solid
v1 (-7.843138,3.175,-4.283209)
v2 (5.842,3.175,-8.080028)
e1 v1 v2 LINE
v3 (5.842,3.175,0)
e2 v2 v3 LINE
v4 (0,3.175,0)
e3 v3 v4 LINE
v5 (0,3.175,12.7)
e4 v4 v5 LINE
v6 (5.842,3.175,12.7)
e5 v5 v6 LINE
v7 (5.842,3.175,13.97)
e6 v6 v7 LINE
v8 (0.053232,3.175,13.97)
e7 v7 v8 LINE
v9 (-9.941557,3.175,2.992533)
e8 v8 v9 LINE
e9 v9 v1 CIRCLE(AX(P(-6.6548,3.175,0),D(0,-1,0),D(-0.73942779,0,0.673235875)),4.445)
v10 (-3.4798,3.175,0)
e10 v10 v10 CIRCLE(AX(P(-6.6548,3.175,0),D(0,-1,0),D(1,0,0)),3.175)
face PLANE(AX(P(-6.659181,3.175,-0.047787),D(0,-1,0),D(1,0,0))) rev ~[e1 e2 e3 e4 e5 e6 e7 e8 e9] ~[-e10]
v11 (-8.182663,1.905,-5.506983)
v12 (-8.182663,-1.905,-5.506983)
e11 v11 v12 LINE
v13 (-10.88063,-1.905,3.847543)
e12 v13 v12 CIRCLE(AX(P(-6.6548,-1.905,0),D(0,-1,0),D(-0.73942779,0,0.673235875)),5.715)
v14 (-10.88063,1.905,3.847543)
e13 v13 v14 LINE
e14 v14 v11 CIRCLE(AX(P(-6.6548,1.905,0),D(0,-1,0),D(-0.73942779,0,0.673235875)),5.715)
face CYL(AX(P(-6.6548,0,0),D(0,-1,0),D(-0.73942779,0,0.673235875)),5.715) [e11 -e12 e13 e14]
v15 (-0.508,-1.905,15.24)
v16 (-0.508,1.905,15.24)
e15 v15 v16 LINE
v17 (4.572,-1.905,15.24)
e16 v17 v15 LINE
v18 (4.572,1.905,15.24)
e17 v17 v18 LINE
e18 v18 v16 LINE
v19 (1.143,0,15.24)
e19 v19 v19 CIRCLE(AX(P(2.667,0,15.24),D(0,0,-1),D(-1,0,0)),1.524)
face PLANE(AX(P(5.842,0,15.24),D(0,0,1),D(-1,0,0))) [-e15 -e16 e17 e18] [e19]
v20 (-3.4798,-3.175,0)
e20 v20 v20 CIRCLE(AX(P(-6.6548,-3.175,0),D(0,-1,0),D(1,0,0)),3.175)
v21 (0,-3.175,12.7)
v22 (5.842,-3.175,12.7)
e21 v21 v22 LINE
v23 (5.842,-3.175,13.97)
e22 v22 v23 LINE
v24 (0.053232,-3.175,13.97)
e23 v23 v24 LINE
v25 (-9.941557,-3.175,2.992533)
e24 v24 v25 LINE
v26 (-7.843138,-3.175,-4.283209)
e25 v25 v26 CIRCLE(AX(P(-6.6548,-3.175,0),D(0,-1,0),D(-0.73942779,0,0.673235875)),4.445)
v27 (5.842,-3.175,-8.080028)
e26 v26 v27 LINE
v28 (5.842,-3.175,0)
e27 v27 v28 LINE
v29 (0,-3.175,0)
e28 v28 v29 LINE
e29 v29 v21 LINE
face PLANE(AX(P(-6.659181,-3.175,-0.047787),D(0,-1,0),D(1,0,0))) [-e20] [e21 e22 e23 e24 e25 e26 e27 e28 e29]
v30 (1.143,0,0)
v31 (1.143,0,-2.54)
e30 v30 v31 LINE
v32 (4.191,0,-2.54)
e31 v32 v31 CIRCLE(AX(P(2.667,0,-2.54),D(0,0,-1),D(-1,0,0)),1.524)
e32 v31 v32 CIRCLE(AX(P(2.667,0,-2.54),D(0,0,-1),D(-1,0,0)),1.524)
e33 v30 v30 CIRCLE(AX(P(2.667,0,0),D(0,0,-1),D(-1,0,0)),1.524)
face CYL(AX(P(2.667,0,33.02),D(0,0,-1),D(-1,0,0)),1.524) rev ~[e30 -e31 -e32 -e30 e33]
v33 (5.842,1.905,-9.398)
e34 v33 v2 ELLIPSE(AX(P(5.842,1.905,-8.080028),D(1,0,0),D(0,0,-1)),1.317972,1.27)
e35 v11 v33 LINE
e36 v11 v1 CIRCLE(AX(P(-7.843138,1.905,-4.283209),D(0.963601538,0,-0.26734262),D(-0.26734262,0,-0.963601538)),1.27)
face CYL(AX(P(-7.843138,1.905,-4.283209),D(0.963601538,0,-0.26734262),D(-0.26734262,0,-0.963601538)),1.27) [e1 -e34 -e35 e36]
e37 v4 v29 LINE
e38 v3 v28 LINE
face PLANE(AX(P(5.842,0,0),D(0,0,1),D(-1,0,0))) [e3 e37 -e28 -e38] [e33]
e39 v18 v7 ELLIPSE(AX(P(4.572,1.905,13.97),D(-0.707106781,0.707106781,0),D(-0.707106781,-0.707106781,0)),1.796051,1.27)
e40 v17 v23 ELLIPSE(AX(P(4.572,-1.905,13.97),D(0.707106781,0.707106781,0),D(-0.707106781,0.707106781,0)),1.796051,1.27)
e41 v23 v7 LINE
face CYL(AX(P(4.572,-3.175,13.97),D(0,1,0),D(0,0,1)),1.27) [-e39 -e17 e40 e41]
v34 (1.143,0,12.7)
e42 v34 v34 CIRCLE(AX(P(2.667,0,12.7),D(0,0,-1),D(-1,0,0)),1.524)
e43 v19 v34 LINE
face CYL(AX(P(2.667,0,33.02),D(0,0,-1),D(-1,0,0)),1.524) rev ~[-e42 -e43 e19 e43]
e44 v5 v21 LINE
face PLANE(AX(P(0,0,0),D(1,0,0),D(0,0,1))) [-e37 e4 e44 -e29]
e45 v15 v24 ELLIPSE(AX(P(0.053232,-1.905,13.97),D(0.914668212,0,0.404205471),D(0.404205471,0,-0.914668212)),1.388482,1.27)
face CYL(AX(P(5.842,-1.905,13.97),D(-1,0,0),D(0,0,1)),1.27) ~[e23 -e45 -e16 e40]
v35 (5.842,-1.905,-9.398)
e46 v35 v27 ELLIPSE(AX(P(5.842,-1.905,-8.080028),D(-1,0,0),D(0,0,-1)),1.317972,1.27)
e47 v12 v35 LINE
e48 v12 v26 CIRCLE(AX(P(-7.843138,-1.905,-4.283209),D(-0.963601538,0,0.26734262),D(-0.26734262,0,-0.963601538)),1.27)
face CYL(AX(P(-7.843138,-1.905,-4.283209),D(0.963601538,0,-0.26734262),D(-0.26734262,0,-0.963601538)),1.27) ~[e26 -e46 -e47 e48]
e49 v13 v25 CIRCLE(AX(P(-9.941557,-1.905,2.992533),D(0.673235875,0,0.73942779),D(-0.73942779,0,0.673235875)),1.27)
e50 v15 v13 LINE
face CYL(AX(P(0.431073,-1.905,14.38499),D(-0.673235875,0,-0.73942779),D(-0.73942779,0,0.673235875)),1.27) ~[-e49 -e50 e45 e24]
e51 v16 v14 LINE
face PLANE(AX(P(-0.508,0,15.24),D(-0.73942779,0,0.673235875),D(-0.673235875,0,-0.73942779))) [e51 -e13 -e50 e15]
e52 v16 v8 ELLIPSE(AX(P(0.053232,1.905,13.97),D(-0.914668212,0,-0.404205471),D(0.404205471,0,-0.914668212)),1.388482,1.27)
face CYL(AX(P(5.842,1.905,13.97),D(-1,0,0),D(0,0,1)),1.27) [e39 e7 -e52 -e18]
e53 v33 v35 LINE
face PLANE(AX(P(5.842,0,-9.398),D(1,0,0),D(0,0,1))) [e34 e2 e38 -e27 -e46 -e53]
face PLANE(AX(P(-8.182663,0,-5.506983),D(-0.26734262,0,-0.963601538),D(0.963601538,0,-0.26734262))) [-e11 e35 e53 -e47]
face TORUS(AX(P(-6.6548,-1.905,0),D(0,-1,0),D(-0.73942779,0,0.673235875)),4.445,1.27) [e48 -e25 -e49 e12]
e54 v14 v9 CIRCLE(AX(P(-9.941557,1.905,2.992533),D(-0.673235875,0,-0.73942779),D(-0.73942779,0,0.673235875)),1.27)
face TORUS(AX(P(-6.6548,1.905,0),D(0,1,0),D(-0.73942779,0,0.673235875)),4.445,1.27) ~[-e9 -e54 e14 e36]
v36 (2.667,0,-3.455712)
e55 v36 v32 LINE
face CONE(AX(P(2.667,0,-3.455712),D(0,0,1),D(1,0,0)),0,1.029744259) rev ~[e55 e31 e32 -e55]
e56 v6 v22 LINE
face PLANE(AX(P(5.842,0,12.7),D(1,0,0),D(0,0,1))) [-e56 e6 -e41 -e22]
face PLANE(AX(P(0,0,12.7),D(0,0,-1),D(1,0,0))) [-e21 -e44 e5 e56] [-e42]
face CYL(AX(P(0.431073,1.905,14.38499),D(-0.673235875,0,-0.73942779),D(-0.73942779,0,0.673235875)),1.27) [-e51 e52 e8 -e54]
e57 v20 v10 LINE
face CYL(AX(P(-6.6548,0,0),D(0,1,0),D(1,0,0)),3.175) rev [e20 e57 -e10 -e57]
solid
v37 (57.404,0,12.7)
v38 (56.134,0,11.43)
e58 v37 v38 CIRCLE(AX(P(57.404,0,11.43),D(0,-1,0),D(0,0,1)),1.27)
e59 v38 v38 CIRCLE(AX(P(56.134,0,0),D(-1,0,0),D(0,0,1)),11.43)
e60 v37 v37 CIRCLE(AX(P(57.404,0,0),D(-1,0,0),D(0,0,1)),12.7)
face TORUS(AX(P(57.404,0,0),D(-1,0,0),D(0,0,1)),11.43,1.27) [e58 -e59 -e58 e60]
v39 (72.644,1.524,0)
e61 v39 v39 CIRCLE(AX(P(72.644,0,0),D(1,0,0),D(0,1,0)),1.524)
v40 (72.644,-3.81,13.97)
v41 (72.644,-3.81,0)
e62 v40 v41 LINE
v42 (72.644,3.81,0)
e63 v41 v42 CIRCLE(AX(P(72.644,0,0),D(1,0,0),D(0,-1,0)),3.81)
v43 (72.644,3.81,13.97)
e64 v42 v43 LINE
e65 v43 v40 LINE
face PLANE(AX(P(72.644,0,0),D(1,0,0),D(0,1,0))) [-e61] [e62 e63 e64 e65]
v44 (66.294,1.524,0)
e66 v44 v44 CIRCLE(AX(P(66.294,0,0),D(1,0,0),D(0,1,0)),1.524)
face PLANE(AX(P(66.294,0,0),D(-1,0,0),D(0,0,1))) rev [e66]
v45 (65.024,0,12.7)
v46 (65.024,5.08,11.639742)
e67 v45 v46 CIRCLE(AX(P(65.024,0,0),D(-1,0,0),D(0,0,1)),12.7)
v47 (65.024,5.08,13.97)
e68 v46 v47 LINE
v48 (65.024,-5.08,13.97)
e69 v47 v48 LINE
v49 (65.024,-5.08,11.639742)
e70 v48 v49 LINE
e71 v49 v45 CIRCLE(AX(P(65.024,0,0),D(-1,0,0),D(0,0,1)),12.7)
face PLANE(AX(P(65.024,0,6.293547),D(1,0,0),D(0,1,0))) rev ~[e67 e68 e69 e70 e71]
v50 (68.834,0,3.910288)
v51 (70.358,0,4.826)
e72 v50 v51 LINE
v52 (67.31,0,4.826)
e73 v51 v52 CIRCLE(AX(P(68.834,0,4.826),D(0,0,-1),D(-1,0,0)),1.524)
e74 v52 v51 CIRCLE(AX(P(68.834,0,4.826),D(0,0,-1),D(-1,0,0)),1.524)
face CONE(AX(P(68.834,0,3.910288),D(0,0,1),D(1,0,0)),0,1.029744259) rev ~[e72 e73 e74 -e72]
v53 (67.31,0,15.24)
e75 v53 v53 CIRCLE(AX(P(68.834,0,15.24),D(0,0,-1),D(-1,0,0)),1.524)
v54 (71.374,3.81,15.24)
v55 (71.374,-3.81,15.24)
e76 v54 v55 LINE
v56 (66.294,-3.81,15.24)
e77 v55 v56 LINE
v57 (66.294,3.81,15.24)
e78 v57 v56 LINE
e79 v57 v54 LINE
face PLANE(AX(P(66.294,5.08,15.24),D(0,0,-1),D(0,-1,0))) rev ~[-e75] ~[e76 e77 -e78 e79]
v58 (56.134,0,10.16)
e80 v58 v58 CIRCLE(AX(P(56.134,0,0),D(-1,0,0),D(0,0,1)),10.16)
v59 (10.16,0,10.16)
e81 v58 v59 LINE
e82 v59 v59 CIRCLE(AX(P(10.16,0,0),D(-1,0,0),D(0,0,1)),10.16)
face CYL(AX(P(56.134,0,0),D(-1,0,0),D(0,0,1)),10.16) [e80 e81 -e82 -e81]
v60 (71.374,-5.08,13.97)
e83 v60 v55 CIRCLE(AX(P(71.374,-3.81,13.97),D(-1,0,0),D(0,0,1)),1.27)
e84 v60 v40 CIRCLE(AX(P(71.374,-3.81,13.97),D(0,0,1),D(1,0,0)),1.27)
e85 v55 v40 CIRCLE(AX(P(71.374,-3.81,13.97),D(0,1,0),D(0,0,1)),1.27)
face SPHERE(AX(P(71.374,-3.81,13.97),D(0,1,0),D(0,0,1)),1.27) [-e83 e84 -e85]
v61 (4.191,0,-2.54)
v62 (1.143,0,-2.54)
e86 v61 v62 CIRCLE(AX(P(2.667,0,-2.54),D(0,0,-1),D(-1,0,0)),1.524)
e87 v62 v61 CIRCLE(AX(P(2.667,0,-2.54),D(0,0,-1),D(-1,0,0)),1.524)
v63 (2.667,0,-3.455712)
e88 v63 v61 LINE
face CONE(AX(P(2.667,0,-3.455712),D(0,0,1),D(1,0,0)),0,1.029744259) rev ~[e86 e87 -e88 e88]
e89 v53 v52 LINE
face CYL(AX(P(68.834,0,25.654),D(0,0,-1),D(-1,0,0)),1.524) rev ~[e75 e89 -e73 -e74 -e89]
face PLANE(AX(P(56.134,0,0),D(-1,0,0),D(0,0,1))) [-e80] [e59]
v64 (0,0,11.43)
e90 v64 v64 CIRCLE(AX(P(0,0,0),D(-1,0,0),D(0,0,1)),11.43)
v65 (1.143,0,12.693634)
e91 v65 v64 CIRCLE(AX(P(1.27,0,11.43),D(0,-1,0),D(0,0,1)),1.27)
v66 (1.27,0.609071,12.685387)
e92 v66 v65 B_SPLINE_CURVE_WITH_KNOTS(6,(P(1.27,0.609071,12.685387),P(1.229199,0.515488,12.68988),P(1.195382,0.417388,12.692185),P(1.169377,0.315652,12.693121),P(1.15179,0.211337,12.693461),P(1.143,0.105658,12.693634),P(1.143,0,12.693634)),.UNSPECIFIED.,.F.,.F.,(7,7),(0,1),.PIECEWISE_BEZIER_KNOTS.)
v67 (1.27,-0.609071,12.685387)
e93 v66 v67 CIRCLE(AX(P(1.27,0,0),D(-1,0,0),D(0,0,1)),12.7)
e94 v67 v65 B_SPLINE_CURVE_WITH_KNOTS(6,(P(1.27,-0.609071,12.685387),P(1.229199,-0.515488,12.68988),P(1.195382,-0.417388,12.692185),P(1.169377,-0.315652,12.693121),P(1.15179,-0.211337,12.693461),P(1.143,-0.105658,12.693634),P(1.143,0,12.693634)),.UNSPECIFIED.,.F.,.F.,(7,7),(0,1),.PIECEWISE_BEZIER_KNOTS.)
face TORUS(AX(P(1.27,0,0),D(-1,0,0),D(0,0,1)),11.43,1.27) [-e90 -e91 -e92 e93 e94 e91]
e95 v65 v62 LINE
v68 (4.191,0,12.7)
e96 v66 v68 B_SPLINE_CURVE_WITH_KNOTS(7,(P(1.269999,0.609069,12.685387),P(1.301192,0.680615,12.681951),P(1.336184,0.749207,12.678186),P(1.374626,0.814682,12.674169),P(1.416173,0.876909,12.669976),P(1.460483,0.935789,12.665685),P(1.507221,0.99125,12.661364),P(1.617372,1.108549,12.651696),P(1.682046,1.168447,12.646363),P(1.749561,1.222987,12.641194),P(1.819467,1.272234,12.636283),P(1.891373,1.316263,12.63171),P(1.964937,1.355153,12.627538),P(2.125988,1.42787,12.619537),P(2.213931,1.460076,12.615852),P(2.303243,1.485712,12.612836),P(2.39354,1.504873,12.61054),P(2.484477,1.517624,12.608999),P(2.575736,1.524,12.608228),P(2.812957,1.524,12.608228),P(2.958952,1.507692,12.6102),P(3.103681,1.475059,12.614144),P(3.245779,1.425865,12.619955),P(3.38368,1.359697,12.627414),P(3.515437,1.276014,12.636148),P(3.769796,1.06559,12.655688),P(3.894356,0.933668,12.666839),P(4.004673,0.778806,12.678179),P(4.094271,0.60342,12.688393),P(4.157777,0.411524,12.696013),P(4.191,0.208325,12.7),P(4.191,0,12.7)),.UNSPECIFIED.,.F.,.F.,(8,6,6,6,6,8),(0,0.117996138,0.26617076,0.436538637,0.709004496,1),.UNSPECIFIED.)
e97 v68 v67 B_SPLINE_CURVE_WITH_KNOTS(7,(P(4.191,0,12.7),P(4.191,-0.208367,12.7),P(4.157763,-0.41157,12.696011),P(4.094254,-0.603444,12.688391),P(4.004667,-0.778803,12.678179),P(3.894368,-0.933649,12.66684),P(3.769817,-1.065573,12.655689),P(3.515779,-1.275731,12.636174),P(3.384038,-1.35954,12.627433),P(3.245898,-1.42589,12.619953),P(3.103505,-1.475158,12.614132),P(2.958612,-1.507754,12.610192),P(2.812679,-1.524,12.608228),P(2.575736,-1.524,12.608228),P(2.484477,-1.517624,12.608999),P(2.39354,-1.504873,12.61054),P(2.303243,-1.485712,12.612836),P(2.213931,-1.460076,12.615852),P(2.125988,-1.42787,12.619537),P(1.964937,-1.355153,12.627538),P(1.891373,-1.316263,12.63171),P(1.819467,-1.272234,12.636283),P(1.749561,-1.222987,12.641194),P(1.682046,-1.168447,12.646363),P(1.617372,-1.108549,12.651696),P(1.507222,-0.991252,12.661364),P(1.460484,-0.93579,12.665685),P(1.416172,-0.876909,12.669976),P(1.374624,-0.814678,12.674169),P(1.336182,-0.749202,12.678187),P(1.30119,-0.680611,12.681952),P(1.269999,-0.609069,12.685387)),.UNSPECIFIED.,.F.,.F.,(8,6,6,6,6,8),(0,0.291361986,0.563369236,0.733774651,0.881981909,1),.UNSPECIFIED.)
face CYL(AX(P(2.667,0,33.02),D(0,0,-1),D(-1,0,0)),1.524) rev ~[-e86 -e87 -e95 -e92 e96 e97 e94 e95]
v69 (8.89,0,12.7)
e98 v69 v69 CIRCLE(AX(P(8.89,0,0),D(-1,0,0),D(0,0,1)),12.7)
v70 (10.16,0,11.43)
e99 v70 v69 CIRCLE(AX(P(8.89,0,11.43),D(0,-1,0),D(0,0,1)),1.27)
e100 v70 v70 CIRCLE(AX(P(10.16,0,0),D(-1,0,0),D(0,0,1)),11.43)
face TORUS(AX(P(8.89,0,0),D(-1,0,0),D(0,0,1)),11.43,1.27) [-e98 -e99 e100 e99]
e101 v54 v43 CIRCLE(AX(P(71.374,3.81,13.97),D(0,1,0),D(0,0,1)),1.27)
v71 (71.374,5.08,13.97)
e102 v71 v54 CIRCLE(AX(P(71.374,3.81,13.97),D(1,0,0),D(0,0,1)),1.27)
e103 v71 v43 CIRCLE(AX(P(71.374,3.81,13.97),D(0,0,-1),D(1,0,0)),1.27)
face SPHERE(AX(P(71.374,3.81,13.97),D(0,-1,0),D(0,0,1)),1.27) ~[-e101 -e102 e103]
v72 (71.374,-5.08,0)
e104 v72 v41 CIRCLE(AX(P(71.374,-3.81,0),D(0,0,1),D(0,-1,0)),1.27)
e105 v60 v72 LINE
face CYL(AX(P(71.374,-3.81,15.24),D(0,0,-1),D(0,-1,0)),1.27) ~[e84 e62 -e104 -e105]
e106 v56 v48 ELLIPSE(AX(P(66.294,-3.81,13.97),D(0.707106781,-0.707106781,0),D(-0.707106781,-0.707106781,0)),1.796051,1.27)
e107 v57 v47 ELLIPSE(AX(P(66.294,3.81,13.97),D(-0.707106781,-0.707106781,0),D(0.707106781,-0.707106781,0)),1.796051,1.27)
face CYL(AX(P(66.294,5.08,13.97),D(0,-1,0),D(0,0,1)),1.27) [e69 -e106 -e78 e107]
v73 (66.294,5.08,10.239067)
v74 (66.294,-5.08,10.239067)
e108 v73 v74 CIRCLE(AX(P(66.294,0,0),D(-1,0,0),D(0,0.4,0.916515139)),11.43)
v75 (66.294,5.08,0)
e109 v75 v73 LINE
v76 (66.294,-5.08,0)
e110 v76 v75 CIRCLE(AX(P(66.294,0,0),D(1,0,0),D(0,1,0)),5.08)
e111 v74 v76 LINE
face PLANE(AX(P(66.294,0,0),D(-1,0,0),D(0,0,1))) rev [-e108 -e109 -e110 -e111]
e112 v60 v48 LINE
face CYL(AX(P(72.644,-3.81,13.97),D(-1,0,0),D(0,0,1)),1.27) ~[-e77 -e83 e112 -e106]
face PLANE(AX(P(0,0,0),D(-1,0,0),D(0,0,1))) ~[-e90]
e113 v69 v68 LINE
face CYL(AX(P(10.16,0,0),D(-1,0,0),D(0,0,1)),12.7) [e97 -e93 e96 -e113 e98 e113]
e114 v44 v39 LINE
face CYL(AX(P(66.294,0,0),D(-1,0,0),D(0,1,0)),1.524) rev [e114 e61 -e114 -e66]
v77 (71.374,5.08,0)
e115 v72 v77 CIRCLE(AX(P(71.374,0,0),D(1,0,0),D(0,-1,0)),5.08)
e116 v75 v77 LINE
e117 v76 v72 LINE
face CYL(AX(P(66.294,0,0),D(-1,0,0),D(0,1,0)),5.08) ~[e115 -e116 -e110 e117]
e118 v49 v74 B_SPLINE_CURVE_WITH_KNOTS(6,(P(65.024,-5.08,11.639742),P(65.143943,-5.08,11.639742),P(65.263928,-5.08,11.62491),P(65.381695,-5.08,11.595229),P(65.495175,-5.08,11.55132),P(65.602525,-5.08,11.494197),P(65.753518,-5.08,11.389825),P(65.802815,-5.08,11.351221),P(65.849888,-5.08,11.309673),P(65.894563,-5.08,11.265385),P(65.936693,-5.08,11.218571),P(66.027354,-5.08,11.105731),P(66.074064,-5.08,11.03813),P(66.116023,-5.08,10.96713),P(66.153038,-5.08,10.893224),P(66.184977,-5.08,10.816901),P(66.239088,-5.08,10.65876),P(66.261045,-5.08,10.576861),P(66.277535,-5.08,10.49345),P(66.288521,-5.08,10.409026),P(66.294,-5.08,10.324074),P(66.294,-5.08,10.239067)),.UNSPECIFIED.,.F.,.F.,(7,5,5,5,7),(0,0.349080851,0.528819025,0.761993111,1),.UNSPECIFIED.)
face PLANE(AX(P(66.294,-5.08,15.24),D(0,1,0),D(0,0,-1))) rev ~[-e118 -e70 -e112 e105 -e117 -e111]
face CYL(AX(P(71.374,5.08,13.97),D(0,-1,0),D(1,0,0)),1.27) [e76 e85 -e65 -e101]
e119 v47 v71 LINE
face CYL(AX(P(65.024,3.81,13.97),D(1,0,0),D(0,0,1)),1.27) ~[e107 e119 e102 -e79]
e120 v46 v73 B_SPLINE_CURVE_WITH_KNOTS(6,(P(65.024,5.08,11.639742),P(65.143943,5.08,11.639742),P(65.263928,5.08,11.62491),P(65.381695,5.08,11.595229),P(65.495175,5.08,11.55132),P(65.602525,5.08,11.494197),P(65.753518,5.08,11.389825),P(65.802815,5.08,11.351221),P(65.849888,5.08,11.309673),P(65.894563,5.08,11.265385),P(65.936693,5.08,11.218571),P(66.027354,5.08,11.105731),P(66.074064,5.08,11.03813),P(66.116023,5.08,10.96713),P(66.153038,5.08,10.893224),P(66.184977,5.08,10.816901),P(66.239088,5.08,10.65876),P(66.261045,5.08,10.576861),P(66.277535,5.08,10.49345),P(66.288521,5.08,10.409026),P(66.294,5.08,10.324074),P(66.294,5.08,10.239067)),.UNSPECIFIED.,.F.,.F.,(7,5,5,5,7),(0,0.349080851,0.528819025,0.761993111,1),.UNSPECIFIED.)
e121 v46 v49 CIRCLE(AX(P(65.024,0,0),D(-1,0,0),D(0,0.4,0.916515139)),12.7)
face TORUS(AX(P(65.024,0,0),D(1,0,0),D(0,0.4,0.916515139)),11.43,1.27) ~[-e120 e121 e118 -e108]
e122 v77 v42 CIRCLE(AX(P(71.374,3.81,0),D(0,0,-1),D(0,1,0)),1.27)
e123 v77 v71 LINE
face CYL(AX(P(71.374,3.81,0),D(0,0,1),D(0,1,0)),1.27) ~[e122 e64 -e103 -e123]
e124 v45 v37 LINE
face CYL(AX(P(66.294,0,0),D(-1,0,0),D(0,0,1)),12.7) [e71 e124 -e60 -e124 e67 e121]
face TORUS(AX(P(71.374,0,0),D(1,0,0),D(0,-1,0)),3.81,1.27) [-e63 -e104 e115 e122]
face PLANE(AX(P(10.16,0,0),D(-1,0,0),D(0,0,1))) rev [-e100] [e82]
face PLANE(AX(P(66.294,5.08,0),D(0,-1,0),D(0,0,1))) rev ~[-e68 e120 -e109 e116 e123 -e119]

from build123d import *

# Parameters (mm, degrees)
F0_W       = 5.842
F0_H       = 12.7
F0_R       = 3.175
F2_DEPTH   = 3.175
F3_R       = 1.524
F4_DEPTH   = 1.27
F5_DEPTH   = 6.35
F6_R       = 1.27
F6_2_R     = 1.27
F9_D       = 3.048
F9_DEPTH   = 17.78
F9_TIP     = 0.9157115834
F9_2_D     = 3.048
F9_2_DEPTH = 17.78
F9_2_TIP   = 0.9157115834
F10_D      = 3.048
F10_DEPTH  = 10.414
F10_TIP    = 0.9157115834


with BuildPart() as f1:
    # F0 (on Front) → F1 (revolve)
    with BuildSketch(Plane.XZ):
        Polygon((5.842, 12.7), (5.842, 0), (66.294, 0), (66.294, 12.7), (56.134, 12.7), (56.134, 10.16), (10.16, 10.16), (10.16, 12.7), align=None)
        with Locations((2.921, 6.35)):
            Rectangle(F0_W, F0_H)
    revolve(axis=Axis((33.147, 0, 0), (-1, 0, 0)))

    # F3 (on face) → F4 (join)
    with BuildSketch(Plane.YZ.offset(66.294)):
        with BuildLine():
            ThreePointArc((-5.08, 0), (0, 5.08), (5.08, 0))
            Line((5.08, 0), (5.08, 11.6397422652))
            ThreePointArc((5.08, 11.6397422652), (0, 12.7), (-5.08, 11.6397422652))
            Line((-5.08, 11.6397422652), (-5.08, 0))
        make_face()
        with BuildLine():
            ThreePointArc((-5.08, 11.6397422652), (0, 12.7), (5.08, 11.6397422652))
            Line((5.08, 11.6397422652), (5.08, 15.24))
            Line((5.08, 15.24), (-5.08, 15.24))
            Line((-5.08, 15.24), (-5.08, 11.6397422652))
        make_face()
        with BuildLine():
            ThreePointArc((-5.08, 0), (0, -5.08), (5.08, 0))
            ThreePointArc((5.08, 0), (0, 5.08), (-5.08, 0))
        make_face()
        Circle(F3_R, mode=Mode.SUBTRACT)
    extrude(amount=-F4_DEPTH)

    # F3 (on face) → F5 (join)
    with BuildSketch(Plane.YZ.offset(66.294)):
        with BuildLine():
            ThreePointArc((-5.08, 0), (0, -5.08), (5.08, 0))
            ThreePointArc((5.08, 0), (0, 5.08), (-5.08, 0))
        make_face()
        Circle(F3_R, mode=Mode.SUBTRACT)
        with BuildLine():
            ThreePointArc((-5.08, 0), (0, 5.08), (5.08, 0))
            Line((5.08, 0), (5.08, 11.6397422652))
            ThreePointArc((5.08, 11.6397422652), (0, 12.7), (-5.08, 11.6397422652))
            Line((-5.08, 11.6397422652), (-5.08, 0))
        make_face()
        with BuildLine():
            ThreePointArc((-5.08, 11.6397422652), (0, 12.7), (5.08, 11.6397422652))
            Line((5.08, 11.6397422652), (5.08, 15.24))
            Line((5.08, 15.24), (-5.08, 15.24))
            Line((-5.08, 15.24), (-5.08, 11.6397422652))
        make_face()
    extrude(amount=F5_DEPTH)

    # F6
    f6_edges = [f1.edges().sort_by_distance(p)[0] for p in [
        (72.644, 0, 15.24),
        (68.834, 5.08, 15.24),
        (68.834, -5.08, 15.24),
        (66.294, 0, -12.7),
        (56.134, 0, -12.7),
        (65.024, 0, 15.24),
        (72.644, 0, -5.08),
        (0, 0, -12.7),
        (10.16, 0, -12.7),
    ]]
    fillet(f6_edges, radius=F6_R)

    # F9
    with Locations(Plane.XY.offset(15.24)):
        with Locations((2.667, 0)):
            Hole(F9_D / 2, depth=F9_DEPTH)
            with Locations((0, 0, -(F9_DEPTH + F9_TIP / 2))):  # 118° drill point
                Cone(0, F9_D / 2, F9_TIP, mode=Mode.SUBTRACT)

    # F10
    with Locations(Plane.XY.offset(15.24)):
        with Locations((68.834, 0)):
            Hole(F10_D / 2, depth=F10_DEPTH)
            with Locations((0, 0, -(F10_DEPTH + F10_TIP / 2))):  # 118° drill point
                Cone(0, F10_D / 2, F10_TIP, mode=Mode.SUBTRACT)


with BuildPart() as f2:
    # F0 (on Front) → F2 (new body, symmetric)
    with BuildSketch(Plane.XZ):
        with BuildLine():
            ThreePointArc((-8.1826630726, -5.5069827884), (-3.1957909266, -4.5493385486), (-0.9398, 0))
            ThreePointArc((-0.9398, 0), (-4.5919612295, 5.3297205562), (-10.8806298187, 3.8475430269))
            ThreePointArc((-10.8806298187, 3.8475430269), (-12.1459778134, -1.5837270034), (-8.1826630726, -5.5069827884))
        make_face()
        with Locations((-6.6548, 0)):
            Circle(F0_R, mode=Mode.SUBTRACT)
        with BuildLine():
            Line((5.842, 0), (0, 0))
            Line((0, 0), (-0.9398, 0))
            ThreePointArc((-0.9398, 0), (-3.1957909266, -4.5493385486), (-8.1826630726, -5.5069827884))
            Line((-8.1826630726, -5.5069827884), (5.842, -9.398))
            Line((5.842, -9.398), (5.842, 0))
        make_face()
        with BuildLine():
            Line((-0.9398, 0), (0, 0))
            Line((0, 0), (0, 12.7))
            Line((0, 12.7), (5.842, 12.7))
            Line((5.842, 12.7), (5.842, 15.24))
            Line((5.842, 15.24), (-0.508, 15.24))
            Line((-0.508, 15.24), (-10.8806298187, 3.8475430269))
            ThreePointArc((-10.8806298187, 3.8475430269), (-4.5919612295, 5.3297205562), (-0.9398, 0))
        make_face()
    extrude(amount=F2_DEPTH, both=True)

    # F6#2
    f6_2_edges = [f2.edges().sort_by_distance(p)[0] for p in [
        (-12.145978, -3.175, -1.583727),
        (-5.694315, -3.175, 9.543772),
        (-5.694315, 3.175, 9.543772),
        (-12.145978, 3.175, -1.583727),
        (2.667, 3.175, 15.24),
        (2.667, -3.175, 15.24),
        (5.842, 0, 15.24),
    ]]
    fillet(f6_2_edges, radius=F6_2_R)

    # F9#2
    with Locations(Plane.XY.offset(15.24)):
        with Locations((2.667, 0)):
            Hole(F9_2_D / 2, depth=F9_2_DEPTH)
            with Locations((0, 0, -(F9_2_DEPTH + F9_2_TIP / 2))):  # 118° drill point
                Cone(0, F9_2_D / 2, F9_2_TIP, mode=Mode.SUBTRACT)


solid = Compound([f1.part, f2.part])
